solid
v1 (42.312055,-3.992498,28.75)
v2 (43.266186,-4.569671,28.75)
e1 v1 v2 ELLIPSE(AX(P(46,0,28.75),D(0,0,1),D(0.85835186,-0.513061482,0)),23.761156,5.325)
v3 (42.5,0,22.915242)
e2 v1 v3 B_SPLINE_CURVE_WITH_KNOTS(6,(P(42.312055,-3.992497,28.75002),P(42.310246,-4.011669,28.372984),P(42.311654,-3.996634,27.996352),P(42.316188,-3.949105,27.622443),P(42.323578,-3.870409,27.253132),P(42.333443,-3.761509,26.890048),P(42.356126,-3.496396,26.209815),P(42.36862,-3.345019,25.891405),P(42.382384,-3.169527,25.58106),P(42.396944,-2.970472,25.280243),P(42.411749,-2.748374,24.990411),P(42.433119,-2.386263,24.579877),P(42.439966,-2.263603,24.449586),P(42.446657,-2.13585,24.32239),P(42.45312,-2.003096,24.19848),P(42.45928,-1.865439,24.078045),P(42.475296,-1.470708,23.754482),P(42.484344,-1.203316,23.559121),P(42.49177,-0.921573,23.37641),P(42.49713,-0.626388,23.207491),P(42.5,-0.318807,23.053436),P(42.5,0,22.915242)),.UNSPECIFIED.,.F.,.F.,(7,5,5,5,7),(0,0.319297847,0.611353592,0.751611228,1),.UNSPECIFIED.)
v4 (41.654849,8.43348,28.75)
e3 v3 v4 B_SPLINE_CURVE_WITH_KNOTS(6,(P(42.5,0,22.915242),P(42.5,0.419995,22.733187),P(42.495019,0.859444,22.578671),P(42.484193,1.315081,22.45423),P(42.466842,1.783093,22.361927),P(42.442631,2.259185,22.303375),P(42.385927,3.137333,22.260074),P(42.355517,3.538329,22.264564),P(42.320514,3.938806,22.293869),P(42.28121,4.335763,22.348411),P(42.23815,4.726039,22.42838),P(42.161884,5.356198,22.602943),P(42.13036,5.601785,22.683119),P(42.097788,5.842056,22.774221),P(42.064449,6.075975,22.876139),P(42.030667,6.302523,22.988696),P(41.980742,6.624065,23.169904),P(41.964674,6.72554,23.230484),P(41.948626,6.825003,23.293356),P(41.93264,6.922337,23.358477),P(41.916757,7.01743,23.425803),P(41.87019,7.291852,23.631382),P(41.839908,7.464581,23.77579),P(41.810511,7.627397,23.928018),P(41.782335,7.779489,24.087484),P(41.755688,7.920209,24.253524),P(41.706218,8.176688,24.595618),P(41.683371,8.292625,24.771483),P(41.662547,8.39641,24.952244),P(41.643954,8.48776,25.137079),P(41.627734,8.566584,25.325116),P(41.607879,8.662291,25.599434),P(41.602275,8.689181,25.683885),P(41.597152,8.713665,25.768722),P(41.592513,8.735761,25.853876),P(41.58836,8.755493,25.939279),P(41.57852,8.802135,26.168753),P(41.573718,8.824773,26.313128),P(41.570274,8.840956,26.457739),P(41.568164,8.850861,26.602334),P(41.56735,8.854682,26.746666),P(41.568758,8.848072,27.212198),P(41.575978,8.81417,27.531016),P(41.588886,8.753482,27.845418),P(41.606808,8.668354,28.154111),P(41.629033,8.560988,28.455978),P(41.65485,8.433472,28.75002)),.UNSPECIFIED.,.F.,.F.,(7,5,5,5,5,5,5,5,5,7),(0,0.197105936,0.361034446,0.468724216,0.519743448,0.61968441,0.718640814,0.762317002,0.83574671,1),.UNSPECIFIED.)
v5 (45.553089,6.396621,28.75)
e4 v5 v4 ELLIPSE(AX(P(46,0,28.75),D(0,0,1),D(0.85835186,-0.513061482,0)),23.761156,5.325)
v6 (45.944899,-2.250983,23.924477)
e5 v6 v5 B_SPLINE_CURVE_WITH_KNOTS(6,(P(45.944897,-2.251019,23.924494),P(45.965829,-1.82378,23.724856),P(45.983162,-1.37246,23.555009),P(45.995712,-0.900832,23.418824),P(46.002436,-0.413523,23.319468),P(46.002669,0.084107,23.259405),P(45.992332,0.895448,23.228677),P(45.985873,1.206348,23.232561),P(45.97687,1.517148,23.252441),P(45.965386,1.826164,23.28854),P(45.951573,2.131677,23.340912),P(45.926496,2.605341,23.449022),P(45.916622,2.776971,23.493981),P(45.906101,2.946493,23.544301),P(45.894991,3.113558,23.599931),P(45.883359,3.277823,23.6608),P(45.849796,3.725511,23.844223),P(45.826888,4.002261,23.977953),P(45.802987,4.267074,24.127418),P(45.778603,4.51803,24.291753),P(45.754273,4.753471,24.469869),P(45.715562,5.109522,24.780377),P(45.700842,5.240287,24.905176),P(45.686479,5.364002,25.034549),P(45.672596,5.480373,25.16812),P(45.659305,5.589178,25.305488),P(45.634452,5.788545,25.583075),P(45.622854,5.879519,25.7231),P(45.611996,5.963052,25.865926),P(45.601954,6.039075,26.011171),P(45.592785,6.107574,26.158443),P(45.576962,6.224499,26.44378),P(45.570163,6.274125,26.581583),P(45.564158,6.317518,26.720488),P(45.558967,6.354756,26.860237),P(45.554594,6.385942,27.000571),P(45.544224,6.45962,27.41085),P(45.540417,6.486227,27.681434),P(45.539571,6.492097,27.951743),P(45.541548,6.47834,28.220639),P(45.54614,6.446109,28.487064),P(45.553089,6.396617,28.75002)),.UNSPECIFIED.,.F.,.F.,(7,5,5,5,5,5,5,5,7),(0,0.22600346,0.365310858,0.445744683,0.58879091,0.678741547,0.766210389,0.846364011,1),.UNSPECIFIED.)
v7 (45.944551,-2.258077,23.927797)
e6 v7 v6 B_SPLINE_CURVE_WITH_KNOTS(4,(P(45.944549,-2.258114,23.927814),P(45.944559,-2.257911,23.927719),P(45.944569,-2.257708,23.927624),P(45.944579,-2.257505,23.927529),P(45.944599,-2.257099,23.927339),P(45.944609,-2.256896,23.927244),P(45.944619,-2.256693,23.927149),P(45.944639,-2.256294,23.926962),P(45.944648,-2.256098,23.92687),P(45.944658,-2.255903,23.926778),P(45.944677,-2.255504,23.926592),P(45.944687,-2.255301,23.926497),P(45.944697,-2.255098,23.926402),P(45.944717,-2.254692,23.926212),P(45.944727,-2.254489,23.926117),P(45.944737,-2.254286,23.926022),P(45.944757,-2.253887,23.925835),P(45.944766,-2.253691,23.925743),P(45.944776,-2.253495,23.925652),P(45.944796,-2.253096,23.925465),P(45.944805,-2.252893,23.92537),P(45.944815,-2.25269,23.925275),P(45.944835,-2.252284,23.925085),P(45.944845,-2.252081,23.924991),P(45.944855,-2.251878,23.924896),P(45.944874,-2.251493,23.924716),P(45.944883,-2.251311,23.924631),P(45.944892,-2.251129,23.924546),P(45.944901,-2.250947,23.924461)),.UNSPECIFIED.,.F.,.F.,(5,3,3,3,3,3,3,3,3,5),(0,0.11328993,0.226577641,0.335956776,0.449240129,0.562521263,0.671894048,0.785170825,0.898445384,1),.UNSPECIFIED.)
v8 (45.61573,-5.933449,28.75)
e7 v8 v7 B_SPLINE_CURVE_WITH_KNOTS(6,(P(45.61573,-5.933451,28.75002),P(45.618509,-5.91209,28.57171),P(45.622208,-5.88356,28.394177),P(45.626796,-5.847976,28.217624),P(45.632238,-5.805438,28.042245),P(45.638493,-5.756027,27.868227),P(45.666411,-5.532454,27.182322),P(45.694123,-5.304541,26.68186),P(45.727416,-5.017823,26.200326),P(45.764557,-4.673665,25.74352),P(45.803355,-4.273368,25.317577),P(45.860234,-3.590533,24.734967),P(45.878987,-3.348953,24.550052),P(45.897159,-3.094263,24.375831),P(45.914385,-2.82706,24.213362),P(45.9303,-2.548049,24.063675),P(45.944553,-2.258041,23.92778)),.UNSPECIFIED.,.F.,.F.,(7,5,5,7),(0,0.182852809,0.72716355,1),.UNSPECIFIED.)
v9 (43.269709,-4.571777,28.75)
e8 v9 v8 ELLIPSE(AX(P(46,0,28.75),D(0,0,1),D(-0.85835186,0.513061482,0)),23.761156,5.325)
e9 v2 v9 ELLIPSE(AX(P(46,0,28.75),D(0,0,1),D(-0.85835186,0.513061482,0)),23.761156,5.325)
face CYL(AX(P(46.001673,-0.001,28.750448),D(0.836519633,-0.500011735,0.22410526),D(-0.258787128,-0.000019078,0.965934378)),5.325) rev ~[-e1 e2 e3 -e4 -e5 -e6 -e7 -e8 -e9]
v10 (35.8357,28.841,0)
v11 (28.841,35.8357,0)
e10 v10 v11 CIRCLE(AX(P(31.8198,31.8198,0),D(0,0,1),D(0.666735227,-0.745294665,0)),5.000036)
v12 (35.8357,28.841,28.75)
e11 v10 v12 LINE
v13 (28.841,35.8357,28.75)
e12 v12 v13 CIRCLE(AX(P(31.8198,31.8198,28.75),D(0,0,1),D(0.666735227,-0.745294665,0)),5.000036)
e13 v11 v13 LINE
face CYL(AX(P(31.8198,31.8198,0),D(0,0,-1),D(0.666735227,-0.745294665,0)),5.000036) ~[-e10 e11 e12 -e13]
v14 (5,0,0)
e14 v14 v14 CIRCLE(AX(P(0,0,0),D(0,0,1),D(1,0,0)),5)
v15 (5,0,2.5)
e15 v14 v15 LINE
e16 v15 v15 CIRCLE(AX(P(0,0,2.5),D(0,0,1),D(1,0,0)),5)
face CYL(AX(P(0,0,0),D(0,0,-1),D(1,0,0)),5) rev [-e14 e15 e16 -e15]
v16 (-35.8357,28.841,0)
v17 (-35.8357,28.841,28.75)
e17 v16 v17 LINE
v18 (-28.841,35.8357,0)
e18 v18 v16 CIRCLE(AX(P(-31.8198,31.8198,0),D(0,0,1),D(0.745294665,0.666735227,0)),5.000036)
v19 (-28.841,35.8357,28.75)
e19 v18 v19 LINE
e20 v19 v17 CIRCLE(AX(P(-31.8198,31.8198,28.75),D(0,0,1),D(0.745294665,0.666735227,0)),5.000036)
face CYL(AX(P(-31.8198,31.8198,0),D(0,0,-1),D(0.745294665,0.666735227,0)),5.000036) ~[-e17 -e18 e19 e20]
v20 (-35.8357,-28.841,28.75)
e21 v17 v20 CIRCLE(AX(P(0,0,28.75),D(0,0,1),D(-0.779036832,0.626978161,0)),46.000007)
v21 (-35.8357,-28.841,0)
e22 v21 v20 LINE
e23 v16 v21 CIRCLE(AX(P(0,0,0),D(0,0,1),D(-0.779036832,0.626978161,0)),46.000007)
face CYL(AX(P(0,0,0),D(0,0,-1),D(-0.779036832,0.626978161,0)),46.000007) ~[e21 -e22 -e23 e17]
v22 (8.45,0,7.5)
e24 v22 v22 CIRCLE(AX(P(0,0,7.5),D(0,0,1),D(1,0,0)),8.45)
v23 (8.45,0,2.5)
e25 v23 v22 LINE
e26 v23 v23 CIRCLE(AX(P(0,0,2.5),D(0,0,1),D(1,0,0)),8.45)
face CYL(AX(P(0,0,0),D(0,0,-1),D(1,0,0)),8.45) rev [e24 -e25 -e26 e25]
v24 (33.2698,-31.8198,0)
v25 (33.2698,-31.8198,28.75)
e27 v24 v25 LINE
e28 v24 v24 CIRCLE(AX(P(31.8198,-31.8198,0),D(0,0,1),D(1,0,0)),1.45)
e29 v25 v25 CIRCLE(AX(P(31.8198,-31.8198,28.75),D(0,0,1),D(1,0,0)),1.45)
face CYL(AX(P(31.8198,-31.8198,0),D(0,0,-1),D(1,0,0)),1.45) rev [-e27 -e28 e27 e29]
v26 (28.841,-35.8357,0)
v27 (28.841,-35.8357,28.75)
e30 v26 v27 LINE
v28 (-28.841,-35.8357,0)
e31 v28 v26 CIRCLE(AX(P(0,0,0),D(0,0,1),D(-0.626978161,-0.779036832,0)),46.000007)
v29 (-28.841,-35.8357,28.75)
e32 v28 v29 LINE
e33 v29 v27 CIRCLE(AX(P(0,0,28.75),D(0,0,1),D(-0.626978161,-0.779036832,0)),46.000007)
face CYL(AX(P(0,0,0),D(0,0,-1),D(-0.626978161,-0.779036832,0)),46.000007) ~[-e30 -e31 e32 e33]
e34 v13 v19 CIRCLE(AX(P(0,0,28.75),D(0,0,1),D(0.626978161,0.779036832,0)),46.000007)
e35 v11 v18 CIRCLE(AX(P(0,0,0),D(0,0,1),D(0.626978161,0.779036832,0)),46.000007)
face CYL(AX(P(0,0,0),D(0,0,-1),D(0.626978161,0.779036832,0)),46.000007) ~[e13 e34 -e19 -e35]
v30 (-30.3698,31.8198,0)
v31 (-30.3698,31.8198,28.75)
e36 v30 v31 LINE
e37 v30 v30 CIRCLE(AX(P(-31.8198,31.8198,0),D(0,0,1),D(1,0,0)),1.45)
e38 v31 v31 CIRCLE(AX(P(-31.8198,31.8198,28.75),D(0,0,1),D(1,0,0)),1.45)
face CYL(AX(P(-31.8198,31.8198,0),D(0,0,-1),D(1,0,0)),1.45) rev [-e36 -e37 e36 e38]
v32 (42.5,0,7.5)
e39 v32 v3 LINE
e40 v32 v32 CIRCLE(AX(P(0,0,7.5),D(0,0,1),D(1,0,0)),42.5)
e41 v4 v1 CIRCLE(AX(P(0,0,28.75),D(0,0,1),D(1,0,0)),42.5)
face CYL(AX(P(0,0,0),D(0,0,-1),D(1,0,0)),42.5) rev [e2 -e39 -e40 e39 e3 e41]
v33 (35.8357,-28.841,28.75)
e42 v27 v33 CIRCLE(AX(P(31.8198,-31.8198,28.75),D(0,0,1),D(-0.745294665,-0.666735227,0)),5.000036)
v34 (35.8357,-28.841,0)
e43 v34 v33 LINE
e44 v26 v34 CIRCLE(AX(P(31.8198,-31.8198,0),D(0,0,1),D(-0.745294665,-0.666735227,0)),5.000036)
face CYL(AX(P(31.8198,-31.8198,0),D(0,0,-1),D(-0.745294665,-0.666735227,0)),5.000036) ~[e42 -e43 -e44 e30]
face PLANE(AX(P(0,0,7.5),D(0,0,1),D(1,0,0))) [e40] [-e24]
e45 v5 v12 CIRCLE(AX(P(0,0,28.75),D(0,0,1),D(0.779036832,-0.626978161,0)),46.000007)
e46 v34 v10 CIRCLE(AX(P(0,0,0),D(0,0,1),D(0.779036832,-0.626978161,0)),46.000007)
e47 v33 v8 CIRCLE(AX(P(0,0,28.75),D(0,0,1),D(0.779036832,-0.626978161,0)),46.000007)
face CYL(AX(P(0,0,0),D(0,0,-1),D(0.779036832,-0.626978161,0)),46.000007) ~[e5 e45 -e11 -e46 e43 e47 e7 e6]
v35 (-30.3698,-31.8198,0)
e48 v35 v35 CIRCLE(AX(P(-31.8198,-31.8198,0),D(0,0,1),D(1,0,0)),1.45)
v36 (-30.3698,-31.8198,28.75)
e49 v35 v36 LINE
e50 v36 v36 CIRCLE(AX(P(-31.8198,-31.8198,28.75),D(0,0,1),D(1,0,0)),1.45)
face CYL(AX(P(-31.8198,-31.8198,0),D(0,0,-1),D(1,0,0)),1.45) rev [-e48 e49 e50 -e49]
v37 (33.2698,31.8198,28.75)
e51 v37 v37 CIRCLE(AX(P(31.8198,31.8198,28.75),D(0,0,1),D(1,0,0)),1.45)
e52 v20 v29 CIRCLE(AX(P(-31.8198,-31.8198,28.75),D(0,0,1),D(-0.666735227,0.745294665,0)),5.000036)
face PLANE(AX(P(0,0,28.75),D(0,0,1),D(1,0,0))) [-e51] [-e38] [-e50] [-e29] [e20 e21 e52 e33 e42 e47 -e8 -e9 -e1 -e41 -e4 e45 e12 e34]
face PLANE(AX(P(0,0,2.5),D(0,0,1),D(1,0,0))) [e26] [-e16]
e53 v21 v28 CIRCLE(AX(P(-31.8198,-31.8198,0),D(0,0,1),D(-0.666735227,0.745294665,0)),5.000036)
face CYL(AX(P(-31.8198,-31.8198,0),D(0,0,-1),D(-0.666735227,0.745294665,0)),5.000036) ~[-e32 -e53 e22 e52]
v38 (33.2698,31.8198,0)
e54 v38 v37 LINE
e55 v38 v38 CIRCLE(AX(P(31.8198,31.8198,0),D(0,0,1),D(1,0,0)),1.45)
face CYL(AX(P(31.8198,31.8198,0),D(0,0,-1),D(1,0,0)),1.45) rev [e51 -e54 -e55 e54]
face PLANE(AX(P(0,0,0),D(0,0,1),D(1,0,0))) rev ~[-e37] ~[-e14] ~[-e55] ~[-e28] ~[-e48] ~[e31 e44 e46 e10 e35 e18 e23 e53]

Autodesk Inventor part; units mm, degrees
ref_plane "YZ Plane" through (0, 0, 0) normal (1, 0, 0) x (0, 1, 0)
ref_plane "XZ Plane" through (0, 0, 0) normal (0, 1, 0) x (-1, 0, 0)
sketch "Sketch1" plane through (0, 0, 0) normal (0, 0, 1) x (1, 0, 0)
  circle A0 centre (0, 0) radius 5
  circle A1 centre (0, 0) radius 8.45
  circle A2 centre (0, 0) radius 42.5
  circle A3 centre (0, 0) radius 45 construction
  circle A4 centre (-31.8198, 31.8198) radius 1.45
  arc A5 (-28.0933, 35.1535) -> (-35.1535, 28.0933) centre (-31.8198, 31.8198) ccw
  arc A6 (-35.1535, -28.0933) -> (-28.0933, -35.1535) centre (-31.8198, -31.8198) ccw
  circle A7 centre (-31.8198, -31.8198) radius 1.45
  arc A8 (28.0933, -35.1535) -> (35.1535, -28.0933) centre (31.8198, -31.8198) ccw
  circle A9 centre (31.8198, -31.8198) radius 1.45
  arc A10 (35.1535, 28.0933) -> (28.0933, 35.1535) centre (31.8198, 31.8198) ccw
  circle A11 centre (31.8198, 31.8198) radius 1.45
  line L0 (-31.8198, 31.8198) -> (31.8198, 31.8198) construction
  arc A12 (28.841, 35.8357) -> (-28.841, 35.8357) centre (0, 0) ccw
  arc A13 (-35.8357, 28.841) -> (-35.8357, -28.841) centre (0, 0) ccw
  arc A14 (-28.841, -35.8357) -> (28.841, -35.8357) centre (0, 0) ccw
  arc A15 (35.8357, -28.841) -> (35.8357, 28.841) centre (0, 0) ccw
  point P0 (0, -46)
  point P1 (0, 46)
  dimension "d2" = 10
  dimension "d3" = 16.9
  dimension "d4" = 85
  dimension "d5" = 90
  dimension "d6" = 2.9
  dimension "d7" = 5
  dimension "d8" = 360
  dimension "d9" = 92
extrude "Extrusion1" add sketch "Sketch1" along normal blind 2.5 contours A1
extrude "Extrusion2" add sketch "Sketch1" along normal blind 7.5 contours A2
extrude "Extrusion3" add sketch "Sketch1" along normal blind 28.75 contours A12 A10 A15 A8 A14 A6 A13 A5
sketch "Sketch2" plane through (0, 0, 28.75) normal (0, 0, 1) x (1, 0, 0)
  arc A0 (35.8357, -28.841) -> (35.8357, 28.841) centre (0, 0) ccw construction
  line L0 (46, 0) -> (46, -31.8198) construction
  point P0 (31.8198, -31.8198)
ref_plane "Work Plane1" through (46, 0, 28.75) normal (0.9659, 0, 0.2588) x (0, -1, 0)
sketch "Sketch3" plane through (46, 0, 28.75) normal (0.9659, 0, 0.2588) x (0, -1, 0)
  ellipse E0 centre (0, -11.9057) end of major axis (-46, -11.9057) minor radius 11.9057 (28.841, -2.6307) -> (-28.841, -2.6307) ccw projected
  line L0 (0, 0) -> (0, -11.9057) construction
  point P0 (0, 15.8647)
ref_plane "Work Plane2" through (46, 0, 28.75) normal (0.8365, -0.5, 0.2241) x (-0.2588, 0, 0.9659)
sketch "Sketch4" plane through (46, 0, 28.75) normal (0.8365, -0.5, 0.2241) x (-0.2588, 0, 0.9659)
  circle A0 centre (0, 0) radius 5.325
  point P0 (-15.8647, 25.9368)
  dimension "d18" = 10.65
extrude "Extrusion4" cut sketch "Sketch4" along normal mid plane 30
properties part number "Case Part 1 - V2"
